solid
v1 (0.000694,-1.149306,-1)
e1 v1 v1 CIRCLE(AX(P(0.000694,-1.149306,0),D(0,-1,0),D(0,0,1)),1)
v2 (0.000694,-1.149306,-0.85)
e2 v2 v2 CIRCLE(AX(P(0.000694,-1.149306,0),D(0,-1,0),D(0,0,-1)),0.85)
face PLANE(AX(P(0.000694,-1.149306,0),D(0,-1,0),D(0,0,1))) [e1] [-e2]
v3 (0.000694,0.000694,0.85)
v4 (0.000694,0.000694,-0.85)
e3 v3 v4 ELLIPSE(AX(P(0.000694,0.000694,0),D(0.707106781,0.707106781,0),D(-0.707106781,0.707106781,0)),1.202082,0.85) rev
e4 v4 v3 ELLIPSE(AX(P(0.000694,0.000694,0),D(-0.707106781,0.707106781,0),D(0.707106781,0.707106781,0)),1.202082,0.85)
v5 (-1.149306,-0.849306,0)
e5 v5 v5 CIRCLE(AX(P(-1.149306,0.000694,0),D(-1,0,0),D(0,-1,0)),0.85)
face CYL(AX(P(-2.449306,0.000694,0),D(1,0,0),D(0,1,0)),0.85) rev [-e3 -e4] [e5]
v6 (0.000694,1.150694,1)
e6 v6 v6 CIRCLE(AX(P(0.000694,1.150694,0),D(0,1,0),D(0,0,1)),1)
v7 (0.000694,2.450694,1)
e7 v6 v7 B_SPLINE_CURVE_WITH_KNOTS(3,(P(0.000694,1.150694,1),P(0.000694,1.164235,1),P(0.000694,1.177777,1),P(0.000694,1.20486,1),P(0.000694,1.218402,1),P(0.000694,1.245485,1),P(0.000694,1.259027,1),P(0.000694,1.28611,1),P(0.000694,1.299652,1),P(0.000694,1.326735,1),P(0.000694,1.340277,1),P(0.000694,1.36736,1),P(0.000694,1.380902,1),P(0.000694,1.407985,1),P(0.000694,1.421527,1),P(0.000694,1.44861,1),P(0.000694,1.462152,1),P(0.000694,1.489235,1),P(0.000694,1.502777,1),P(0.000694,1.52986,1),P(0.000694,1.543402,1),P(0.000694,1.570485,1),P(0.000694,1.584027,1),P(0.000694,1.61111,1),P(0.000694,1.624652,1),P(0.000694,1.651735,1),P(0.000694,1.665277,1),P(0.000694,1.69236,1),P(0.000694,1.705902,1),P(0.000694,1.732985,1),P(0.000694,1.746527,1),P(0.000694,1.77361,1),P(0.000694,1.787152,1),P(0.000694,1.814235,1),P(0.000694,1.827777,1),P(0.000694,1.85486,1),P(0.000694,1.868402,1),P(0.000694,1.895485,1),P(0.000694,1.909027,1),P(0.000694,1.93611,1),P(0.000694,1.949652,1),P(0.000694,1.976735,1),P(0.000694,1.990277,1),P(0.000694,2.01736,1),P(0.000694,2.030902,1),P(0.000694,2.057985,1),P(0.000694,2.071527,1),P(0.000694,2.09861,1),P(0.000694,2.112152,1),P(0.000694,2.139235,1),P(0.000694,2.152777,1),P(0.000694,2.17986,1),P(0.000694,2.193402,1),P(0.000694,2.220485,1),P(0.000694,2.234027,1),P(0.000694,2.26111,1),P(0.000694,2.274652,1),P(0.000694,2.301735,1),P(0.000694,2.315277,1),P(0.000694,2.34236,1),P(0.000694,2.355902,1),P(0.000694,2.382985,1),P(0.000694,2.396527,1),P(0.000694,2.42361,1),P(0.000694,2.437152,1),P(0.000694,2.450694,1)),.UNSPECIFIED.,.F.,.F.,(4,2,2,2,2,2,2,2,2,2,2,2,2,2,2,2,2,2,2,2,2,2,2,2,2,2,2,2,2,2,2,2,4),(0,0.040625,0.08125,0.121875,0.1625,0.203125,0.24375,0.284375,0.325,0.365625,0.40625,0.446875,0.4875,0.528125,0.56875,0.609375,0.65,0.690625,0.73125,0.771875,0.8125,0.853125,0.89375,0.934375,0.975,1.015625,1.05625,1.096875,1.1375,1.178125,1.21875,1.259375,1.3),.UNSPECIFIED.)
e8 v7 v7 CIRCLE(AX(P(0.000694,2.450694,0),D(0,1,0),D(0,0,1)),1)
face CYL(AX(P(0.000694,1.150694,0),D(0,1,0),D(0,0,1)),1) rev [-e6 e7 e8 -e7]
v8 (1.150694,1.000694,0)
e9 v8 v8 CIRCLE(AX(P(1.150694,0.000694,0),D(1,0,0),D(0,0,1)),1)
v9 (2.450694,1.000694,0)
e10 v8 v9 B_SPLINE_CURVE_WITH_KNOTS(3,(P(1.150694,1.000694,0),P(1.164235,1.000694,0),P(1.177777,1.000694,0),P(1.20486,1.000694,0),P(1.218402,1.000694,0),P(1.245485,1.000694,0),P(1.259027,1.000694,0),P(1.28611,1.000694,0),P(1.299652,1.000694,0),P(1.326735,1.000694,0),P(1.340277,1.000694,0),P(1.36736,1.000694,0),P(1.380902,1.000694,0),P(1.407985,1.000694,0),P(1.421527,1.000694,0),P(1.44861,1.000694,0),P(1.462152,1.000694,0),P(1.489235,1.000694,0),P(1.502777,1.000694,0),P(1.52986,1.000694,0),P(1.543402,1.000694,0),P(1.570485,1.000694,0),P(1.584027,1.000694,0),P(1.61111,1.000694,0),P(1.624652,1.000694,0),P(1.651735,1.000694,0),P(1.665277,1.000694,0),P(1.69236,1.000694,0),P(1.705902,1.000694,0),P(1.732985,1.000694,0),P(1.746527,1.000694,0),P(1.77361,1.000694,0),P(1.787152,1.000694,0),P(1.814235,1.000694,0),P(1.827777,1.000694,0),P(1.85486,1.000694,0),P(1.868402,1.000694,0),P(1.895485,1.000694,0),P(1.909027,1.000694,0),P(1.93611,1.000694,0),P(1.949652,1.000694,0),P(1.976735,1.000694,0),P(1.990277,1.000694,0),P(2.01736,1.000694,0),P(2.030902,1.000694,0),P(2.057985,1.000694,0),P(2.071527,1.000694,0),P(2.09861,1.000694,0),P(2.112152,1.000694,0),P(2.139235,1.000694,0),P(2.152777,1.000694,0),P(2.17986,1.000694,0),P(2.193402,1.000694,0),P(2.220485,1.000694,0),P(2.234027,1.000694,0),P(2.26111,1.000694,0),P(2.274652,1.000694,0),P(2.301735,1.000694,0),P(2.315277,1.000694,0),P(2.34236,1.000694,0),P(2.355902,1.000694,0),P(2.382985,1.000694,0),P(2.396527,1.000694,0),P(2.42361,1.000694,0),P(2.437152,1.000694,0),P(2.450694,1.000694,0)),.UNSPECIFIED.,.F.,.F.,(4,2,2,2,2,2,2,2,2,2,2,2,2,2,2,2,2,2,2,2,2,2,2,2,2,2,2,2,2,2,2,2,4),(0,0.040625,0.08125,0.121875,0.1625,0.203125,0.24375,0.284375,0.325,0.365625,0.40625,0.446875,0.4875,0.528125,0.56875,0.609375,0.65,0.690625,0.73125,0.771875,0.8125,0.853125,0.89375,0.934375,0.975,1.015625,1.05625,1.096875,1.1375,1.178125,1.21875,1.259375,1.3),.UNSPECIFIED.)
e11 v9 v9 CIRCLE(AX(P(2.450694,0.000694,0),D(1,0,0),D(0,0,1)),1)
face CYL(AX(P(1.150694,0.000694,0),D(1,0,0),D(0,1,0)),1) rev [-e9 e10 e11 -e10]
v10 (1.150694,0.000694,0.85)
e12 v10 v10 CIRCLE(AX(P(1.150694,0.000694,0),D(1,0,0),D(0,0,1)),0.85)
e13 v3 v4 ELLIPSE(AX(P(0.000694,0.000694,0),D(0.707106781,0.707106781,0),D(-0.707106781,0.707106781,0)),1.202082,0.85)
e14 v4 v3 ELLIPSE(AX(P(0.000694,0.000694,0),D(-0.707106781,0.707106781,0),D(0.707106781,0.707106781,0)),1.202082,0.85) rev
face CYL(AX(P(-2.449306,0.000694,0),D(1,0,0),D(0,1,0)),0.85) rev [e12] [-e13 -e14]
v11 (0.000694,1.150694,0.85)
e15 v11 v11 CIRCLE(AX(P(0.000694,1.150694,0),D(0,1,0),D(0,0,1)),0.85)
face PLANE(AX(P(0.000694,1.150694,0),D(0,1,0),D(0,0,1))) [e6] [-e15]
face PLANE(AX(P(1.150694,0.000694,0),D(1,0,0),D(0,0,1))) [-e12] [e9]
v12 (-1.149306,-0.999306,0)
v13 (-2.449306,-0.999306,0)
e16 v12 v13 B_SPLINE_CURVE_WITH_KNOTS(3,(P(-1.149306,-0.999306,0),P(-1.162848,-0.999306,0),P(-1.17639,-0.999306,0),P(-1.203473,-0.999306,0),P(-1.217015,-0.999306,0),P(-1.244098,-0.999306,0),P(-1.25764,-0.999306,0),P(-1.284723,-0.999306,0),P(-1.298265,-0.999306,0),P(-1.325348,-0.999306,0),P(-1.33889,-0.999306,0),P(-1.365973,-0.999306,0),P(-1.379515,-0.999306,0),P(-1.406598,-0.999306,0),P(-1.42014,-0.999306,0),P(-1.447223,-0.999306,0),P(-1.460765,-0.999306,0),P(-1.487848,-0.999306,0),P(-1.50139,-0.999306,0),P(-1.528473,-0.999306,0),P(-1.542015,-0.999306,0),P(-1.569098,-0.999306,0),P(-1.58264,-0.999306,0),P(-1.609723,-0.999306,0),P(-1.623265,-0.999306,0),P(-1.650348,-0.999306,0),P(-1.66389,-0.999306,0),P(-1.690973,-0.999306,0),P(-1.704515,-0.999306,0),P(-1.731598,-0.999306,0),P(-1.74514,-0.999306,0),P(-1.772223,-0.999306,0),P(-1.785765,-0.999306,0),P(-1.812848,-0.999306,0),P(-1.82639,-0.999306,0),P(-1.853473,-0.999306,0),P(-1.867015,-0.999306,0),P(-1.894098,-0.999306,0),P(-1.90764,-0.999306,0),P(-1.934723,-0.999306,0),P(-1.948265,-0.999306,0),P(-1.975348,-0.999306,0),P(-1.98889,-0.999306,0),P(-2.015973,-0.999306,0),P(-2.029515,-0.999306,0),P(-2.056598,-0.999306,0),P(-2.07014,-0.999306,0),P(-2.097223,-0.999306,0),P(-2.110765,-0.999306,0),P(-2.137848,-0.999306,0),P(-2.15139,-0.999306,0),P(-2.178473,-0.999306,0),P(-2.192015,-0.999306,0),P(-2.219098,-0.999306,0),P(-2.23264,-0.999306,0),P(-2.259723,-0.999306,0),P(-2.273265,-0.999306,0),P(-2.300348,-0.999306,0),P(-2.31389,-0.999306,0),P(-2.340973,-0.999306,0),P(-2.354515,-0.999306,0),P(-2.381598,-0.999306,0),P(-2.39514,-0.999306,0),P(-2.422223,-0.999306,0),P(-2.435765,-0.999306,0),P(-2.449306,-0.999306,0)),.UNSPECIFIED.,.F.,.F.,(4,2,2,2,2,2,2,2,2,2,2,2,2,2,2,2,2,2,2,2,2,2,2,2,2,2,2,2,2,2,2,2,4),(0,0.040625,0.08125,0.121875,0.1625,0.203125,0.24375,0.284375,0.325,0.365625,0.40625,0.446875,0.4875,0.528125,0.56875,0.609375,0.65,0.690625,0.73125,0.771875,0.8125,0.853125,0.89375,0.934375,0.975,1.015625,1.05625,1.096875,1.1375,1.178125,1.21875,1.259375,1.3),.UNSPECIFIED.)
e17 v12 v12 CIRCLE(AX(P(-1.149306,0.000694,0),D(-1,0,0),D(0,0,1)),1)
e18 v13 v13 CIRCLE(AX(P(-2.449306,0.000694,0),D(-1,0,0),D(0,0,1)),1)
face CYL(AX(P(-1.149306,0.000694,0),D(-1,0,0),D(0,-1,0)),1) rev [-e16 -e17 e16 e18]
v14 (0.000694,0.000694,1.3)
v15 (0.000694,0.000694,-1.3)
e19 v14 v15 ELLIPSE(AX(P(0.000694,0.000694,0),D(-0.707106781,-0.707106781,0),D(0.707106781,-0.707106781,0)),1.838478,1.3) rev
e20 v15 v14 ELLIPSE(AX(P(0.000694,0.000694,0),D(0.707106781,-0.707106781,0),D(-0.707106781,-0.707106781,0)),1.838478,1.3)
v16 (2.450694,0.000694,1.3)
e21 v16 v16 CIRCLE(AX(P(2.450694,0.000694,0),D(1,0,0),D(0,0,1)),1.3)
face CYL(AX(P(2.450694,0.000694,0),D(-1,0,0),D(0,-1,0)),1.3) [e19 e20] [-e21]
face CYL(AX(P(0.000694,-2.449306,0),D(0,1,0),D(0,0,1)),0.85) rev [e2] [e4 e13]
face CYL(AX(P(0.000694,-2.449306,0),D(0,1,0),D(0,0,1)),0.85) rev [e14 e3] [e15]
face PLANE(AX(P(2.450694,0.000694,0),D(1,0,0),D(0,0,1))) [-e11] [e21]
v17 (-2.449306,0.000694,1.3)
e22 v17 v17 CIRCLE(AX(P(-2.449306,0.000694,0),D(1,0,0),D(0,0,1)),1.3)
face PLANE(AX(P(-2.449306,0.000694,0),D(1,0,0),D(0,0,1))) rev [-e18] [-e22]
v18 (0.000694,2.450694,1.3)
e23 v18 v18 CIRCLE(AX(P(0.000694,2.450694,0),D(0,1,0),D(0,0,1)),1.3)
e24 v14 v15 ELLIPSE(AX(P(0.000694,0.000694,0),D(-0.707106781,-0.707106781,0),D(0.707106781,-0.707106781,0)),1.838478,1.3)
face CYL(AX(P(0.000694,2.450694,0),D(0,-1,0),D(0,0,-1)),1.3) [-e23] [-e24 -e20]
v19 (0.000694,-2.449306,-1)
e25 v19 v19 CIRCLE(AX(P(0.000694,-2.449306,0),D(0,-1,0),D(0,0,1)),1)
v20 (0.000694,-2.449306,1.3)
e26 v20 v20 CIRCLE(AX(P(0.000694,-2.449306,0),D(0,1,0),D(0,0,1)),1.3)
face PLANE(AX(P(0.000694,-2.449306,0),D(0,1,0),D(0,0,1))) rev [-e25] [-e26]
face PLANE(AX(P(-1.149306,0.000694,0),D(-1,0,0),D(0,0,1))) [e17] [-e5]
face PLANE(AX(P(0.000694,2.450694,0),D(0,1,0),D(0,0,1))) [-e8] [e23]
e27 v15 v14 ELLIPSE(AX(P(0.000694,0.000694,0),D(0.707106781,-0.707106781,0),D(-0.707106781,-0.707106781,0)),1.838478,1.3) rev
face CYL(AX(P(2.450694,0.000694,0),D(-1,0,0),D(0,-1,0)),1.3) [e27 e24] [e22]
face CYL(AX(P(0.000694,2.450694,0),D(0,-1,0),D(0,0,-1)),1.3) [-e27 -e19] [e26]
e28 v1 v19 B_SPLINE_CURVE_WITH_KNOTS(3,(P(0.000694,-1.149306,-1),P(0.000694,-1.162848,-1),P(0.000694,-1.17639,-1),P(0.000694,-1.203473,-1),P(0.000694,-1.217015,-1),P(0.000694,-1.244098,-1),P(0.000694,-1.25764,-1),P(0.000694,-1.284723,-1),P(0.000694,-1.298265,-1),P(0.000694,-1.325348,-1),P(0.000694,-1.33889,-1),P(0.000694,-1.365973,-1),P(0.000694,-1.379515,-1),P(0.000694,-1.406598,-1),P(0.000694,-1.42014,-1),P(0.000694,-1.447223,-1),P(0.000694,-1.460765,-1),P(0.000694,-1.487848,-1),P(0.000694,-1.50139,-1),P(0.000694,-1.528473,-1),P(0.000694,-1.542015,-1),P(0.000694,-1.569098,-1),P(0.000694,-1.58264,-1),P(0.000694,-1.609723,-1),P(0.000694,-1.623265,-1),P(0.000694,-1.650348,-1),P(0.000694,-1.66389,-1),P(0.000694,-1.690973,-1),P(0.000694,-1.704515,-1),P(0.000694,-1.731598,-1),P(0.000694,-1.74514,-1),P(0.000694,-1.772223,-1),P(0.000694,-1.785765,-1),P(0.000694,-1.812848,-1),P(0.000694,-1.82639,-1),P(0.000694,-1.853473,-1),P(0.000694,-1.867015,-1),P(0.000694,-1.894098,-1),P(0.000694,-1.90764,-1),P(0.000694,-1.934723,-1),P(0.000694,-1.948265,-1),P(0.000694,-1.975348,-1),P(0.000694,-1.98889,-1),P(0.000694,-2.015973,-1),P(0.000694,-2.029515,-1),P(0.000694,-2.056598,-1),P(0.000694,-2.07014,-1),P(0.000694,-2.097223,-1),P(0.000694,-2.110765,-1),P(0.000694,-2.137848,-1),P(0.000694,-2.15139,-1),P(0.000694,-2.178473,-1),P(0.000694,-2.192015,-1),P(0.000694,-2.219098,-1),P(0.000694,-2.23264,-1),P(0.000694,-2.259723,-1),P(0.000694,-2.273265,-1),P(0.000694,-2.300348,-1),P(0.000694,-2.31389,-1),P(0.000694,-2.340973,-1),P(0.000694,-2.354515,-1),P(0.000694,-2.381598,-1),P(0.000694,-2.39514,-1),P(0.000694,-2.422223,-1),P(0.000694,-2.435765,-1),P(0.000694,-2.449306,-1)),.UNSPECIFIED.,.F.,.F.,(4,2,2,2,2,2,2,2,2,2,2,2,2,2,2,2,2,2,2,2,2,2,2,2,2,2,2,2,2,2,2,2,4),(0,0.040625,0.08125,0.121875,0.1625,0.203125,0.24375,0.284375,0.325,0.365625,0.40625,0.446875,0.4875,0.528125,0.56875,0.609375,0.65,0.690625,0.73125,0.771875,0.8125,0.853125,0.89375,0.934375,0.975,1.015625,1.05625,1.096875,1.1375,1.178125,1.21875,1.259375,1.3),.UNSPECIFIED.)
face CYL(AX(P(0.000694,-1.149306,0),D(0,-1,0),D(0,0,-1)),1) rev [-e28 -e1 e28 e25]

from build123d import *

# Parameters (mm, degrees)
SKETCH1_R           = 26
BOSS_EXTRUDE1_DEPTH = 49
CIRPATTERN1_COUNT   = 2
CIRPATTERN1_ANGLE   = 90
SKETCH2_R           = 20
CUT_EXTRUDE1_DEPTH  = 26
CIRPATTERN2_COUNT   = 4
SKETCH3_R           = 17
CUT_EXTRUDE2_DEPTH  = 91.890043459
CIRPATTERN3_COUNT   = 2
CIRPATTERN3_ANGLE   = 90
SCALE1_SCALE        = 0.2
SCALE2_SCALE        = 0.25


with BuildPart() as part:
    # Sketch1 → Boss-Extrude1 (new, symmetric)
    with BuildSketch(Plane(origin=(0, 0, 0), x_dir=(1, 0, 0), z_dir=(0, 1, 0))):
        Circle(SKETCH1_R)
    boss_extrude1 = extrude(amount=BOSS_EXTRUDE1_DEPTH, both=True)

    # CirPattern1: Boss-Extrude1 ×2 about axis
    cirpattern1_axis = Axis((0, 0, 50), (0, 0, -1))
    for i in range(1, CIRPATTERN1_COUNT):
        add(boss_extrude1.rotate(cirpattern1_axis, i * CIRPATTERN1_ANGLE / (CIRPATTERN1_COUNT - 1)))

    # Sketch2 → Cut-Extrude1 (cut)
    with BuildSketch(Plane(origin=(0, 49, 0), x_dir=(1, 0, 0), z_dir=(0, 1, 0))):
        Circle(SKETCH2_R)
    cut_extrude1 = extrude(amount=-CUT_EXTRUDE1_DEPTH, mode=Mode.SUBTRACT)

    # CirPattern2: Cut-Extrude1 ×4 about axis
    cirpattern2_axis = Axis((0, 0, 50), (0, 0, -1))
    for i in range(1, CIRPATTERN2_COUNT):
        add(cut_extrude1.rotate(cirpattern2_axis, i * 360 / CIRPATTERN2_COUNT), mode=Mode.SUBTRACT)

    # Sketch3 → Cut-Extrude2 (cut, through all)
    with BuildSketch(Plane(origin=(0, 23, 0), x_dir=(1, 0, 0), z_dir=(0, 1, 0))):
        Circle(SKETCH3_R)
    cut_extrude2 = extrude(amount=-CUT_EXTRUDE2_DEPTH, mode=Mode.SUBTRACT)

    # CirPattern3: Cut-Extrude2 ×2 about axis
    cirpattern3_axis = Axis((0, 0, 50), (0, 0, -1))
    for i in range(1, CIRPATTERN3_COUNT):
        add(cut_extrude2.rotate(cirpattern3_axis, i * CIRPATTERN3_ANGLE / (CIRPATTERN3_COUNT - 1)), mode=Mode.SUBTRACT)


with BuildPart() as part_1:
    # Scale1: scaled about (0, 0, 0)
    add(part.part.scale(SCALE1_SCALE))


with BuildPart() as part_2:
    # Scale2: scaled about (0, 0, 0)
    add(part_1.part.scale(SCALE2_SCALE))


solid = part_2.part
